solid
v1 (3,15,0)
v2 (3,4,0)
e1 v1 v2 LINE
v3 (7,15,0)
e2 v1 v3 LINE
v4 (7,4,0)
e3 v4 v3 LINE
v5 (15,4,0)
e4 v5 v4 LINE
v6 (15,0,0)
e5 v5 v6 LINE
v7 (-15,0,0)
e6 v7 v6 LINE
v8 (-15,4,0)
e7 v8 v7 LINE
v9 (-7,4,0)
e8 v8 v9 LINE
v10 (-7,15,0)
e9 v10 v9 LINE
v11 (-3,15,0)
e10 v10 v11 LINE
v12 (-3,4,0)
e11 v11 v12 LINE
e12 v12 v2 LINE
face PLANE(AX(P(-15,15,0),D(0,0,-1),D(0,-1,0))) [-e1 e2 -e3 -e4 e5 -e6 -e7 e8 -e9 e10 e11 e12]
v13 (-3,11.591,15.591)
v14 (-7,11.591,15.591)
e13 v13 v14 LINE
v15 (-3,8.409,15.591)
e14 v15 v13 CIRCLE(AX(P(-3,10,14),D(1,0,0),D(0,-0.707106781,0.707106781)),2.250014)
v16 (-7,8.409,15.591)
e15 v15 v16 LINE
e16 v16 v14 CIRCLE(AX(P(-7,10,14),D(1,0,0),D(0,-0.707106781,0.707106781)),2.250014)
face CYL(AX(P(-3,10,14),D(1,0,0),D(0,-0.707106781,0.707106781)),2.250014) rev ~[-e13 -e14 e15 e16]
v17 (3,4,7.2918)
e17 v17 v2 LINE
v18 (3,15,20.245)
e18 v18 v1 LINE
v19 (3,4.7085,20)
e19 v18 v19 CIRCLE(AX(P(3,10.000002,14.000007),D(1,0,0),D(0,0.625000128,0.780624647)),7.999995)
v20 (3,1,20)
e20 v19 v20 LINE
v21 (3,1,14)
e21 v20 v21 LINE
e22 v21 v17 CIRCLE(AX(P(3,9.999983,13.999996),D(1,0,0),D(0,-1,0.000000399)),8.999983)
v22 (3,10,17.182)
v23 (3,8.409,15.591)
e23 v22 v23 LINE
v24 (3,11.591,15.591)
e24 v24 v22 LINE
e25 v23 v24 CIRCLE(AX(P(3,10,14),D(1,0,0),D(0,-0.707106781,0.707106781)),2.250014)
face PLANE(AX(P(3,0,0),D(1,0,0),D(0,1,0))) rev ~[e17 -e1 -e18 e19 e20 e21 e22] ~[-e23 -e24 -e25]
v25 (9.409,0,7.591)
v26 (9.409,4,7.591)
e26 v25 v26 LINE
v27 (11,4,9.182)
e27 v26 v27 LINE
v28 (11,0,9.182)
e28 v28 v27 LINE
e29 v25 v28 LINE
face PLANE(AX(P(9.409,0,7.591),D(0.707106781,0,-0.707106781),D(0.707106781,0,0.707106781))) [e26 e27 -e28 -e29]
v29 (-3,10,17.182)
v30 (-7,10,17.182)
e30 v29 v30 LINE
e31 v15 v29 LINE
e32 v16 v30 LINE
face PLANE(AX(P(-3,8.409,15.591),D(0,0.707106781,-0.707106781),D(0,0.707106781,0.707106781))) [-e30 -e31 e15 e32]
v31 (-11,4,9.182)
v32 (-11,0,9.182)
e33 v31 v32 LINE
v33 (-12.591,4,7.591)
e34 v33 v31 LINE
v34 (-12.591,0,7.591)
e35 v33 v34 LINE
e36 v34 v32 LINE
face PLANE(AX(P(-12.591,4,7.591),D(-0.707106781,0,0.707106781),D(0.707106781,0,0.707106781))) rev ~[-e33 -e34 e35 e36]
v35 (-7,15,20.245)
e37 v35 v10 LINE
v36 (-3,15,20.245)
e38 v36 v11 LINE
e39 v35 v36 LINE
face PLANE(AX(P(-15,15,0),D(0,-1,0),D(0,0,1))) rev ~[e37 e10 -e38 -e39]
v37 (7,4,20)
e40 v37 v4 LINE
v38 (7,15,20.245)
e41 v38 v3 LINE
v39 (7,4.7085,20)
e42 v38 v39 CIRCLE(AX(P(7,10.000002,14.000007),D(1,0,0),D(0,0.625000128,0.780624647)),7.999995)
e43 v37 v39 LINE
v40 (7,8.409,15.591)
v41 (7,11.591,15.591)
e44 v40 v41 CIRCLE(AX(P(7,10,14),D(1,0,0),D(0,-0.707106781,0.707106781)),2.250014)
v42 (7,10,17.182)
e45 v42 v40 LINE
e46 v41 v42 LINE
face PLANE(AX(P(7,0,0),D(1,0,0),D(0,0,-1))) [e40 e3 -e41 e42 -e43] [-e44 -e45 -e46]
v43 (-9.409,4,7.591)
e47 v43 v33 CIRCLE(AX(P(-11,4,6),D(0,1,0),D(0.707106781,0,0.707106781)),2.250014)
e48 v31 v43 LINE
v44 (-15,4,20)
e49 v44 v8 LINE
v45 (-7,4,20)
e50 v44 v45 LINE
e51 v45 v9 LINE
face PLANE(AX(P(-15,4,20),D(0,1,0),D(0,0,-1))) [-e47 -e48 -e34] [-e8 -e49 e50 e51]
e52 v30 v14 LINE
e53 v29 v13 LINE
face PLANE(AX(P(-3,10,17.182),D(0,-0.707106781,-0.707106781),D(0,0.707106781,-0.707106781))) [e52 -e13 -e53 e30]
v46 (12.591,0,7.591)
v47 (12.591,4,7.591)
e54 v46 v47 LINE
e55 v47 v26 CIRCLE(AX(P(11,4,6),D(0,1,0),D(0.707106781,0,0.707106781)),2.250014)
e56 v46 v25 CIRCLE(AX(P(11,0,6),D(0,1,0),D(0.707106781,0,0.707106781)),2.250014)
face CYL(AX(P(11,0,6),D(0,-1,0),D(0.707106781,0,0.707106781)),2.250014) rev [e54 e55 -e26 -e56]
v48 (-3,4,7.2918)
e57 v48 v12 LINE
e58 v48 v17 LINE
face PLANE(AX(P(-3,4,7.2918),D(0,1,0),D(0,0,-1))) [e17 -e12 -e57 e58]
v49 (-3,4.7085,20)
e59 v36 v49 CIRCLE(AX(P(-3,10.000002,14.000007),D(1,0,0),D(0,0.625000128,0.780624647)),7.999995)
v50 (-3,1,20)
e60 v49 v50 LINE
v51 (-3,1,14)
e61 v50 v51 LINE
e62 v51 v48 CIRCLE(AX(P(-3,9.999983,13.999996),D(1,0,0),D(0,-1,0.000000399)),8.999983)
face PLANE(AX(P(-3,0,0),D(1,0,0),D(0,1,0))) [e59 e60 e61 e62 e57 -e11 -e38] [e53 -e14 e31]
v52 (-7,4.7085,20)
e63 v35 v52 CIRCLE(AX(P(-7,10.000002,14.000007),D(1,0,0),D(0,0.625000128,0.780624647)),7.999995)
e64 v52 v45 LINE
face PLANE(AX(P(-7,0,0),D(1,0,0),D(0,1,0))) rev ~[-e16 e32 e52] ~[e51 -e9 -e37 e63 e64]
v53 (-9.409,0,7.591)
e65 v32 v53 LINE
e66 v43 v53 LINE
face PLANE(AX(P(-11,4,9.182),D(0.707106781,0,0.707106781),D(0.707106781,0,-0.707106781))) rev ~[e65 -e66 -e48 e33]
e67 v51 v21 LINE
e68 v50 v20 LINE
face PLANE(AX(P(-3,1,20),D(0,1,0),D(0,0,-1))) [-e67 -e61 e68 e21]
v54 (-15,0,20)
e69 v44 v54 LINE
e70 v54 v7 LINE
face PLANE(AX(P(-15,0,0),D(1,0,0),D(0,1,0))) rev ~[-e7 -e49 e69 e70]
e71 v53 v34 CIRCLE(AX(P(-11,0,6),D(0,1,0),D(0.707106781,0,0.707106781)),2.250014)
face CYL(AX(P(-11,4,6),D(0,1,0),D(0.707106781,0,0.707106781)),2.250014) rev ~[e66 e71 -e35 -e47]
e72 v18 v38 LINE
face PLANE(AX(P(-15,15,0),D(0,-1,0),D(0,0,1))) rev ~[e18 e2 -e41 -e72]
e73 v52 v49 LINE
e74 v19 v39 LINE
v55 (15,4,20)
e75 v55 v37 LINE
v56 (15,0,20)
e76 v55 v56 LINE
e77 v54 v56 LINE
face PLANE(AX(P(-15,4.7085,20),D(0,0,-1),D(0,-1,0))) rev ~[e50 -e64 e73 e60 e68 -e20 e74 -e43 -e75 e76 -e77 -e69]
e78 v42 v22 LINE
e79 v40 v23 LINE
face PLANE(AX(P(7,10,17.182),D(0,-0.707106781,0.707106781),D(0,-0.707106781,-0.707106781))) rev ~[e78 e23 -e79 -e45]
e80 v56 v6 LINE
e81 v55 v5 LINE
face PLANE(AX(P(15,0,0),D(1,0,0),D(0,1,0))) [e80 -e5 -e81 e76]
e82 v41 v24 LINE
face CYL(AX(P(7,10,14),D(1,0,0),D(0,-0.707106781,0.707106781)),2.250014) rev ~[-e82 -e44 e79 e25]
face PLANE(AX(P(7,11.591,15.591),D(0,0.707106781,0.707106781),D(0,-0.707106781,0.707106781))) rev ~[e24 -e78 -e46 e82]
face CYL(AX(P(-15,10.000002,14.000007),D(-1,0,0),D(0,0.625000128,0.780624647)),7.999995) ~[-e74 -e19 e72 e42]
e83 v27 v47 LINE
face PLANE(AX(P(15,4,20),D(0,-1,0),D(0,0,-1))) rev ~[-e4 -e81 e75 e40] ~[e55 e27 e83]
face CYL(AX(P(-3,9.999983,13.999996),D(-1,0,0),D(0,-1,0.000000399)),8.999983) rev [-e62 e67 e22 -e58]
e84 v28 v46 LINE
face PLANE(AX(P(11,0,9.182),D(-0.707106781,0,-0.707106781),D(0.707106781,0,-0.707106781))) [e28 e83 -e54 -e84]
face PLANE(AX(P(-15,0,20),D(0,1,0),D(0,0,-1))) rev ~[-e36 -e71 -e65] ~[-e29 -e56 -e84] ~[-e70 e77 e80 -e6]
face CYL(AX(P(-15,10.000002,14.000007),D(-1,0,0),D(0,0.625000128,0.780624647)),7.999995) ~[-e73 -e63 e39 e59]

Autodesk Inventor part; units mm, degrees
ref_plane "XZ Plane" through (0, 0, 0) normal (0, 1, 0) x (-1, 0, 0)
ref_plane "Work Plane1" through (-15, 0, 0) normal (1, 0, 0) x (0, 1, 0)
sketch "Sketch1" plane through (-15, 0, 0) normal (1, 0, 0) x (0, 1, 0)
  line L0 (0, 20) -> (0, 0)
  arc A0 (15, 20.245) -> (4.7085, 20) centre (10, 14) ccw
  line L1 (15, 0) -> (15, 20.245)
  line L2 (15, 0) -> (0, 0)
  line L3 (4.7085, 20) -> (0, 20)
extrude "Extrusion8" add sketch "Sketch1" along normal blind 30
sketch "Sketch2" plane through (15, 0, 0) normal (1, 0, 0) x (0, 0, -1)
  line L0 (-20.245, 15) -> (0, 15)
  line L1 (-20, 4) -> (-20, 4.7085)
  line L2 (0, 4) -> (0, 15)
  arc A0 (-20.245, 15) -> (-20, 4.7085) centre (-14, 10) ccw
  line L3 (-20, 4) -> (0, 4)
extrude "Extrusion7" cut sketch "Sketch2" against normal blind 8
sketch "Sketch3" plane through (-15, 0, 0) normal (1, 0, 0) x (0, 1, 0)
  line L0 (4.7085, 20) -> (4, 20)
  line L1 (15, 20.245) -> (15, 0)
  line L2 (4, 20) -> (4, 0)
  arc A0 (15, 20.245) -> (4.7085, 20) centre (10, 14) ccw
  line L3 (15, 0) -> (4, 0)
extrude "Extrusion6" cut sketch "Sketch3" along normal blind 8
ref_plane "Work Plane2" through (-3, 0, 0) normal (1, 0, 0) x (0, 1, 0)
sketch "Sketch4" plane through (-3, 0, 0) normal (1, 0, 0) x (0, 1, 0)
  arc A0 (15, 20.245) -> (4.7085, 20) centre (10, 14) ccw
  arc A1 (1, 14) -> (4, 7.2918) centre (10, 14) ccw
  line L0 (15, 20.245) -> (15, 0)
  line L1 (4.7085, 20) -> (1, 20)
  line L2 (4, 7.2918) -> (4, 0)
  line L3 (1, 20) -> (1, 14)
  line L4 (15, 0) -> (4, 0)
extrude "Extrusion5" cut sketch "Sketch4" along normal blind 6
sketch "Sketch5" plane through (-3, 4, 7.2918) normal (0, 1, 0) x (1, 0, 0)
  arc A0 (-6.409, -0.2992) -> (-9.591, -0.2992) centre (-8, 1.2918) ccw
  line L0 (-8, -1.8902) -> (-6.409, -0.2992)
  line L1 (-9.591, -0.2992) -> (-8, -1.8902)
extrude "Extrusion4" cut sketch "Sketch5" against normal blind 4
sketch "Sketch6" plane through (0, 0, 0) normal (0, 1, 0) x (-1, 0, 0)
  line L0 (-9.409, 7.591) -> (-11, 9.182)
  arc A0 (-12.591, 7.591) -> (-9.409, 7.591) centre (-11, 6) ccw
  line L1 (-11, 9.182) -> (-12.591, 7.591)
extrude "Extrusion3" cut sketch "Sketch6" along normal blind 4
sketch "Sketch7" plane through (7, 0, 0) normal (1, 0, 0) x (0, 0, -1)
  arc A0 (-15.591, 8.409) -> (-15.591, 11.591) centre (-14, 10) ccw
  line L0 (-17.182, 10) -> (-15.591, 8.409)
  line L1 (-15.591, 11.591) -> (-17.182, 10)
extrude "Extrusion2" cut sketch "Sketch7" against normal blind 4
sketch "Sketch8" plane through (-3, 0, 0) normal (1, 0, 0) x (0, 1, 0)
  arc A0 (8.409, 15.591) -> (11.591, 15.591) centre (10, 14) ccw
  line L0 (8.409, 15.591) -> (10, 17.182)
  line L1 (10, 17.182) -> (11.591, 15.591)
extrude "Extrusion1" cut sketch "Sketch8" against normal blind 4 draft 0
properties part number "Y-axis Belt Return" material "ASA Plastic"
